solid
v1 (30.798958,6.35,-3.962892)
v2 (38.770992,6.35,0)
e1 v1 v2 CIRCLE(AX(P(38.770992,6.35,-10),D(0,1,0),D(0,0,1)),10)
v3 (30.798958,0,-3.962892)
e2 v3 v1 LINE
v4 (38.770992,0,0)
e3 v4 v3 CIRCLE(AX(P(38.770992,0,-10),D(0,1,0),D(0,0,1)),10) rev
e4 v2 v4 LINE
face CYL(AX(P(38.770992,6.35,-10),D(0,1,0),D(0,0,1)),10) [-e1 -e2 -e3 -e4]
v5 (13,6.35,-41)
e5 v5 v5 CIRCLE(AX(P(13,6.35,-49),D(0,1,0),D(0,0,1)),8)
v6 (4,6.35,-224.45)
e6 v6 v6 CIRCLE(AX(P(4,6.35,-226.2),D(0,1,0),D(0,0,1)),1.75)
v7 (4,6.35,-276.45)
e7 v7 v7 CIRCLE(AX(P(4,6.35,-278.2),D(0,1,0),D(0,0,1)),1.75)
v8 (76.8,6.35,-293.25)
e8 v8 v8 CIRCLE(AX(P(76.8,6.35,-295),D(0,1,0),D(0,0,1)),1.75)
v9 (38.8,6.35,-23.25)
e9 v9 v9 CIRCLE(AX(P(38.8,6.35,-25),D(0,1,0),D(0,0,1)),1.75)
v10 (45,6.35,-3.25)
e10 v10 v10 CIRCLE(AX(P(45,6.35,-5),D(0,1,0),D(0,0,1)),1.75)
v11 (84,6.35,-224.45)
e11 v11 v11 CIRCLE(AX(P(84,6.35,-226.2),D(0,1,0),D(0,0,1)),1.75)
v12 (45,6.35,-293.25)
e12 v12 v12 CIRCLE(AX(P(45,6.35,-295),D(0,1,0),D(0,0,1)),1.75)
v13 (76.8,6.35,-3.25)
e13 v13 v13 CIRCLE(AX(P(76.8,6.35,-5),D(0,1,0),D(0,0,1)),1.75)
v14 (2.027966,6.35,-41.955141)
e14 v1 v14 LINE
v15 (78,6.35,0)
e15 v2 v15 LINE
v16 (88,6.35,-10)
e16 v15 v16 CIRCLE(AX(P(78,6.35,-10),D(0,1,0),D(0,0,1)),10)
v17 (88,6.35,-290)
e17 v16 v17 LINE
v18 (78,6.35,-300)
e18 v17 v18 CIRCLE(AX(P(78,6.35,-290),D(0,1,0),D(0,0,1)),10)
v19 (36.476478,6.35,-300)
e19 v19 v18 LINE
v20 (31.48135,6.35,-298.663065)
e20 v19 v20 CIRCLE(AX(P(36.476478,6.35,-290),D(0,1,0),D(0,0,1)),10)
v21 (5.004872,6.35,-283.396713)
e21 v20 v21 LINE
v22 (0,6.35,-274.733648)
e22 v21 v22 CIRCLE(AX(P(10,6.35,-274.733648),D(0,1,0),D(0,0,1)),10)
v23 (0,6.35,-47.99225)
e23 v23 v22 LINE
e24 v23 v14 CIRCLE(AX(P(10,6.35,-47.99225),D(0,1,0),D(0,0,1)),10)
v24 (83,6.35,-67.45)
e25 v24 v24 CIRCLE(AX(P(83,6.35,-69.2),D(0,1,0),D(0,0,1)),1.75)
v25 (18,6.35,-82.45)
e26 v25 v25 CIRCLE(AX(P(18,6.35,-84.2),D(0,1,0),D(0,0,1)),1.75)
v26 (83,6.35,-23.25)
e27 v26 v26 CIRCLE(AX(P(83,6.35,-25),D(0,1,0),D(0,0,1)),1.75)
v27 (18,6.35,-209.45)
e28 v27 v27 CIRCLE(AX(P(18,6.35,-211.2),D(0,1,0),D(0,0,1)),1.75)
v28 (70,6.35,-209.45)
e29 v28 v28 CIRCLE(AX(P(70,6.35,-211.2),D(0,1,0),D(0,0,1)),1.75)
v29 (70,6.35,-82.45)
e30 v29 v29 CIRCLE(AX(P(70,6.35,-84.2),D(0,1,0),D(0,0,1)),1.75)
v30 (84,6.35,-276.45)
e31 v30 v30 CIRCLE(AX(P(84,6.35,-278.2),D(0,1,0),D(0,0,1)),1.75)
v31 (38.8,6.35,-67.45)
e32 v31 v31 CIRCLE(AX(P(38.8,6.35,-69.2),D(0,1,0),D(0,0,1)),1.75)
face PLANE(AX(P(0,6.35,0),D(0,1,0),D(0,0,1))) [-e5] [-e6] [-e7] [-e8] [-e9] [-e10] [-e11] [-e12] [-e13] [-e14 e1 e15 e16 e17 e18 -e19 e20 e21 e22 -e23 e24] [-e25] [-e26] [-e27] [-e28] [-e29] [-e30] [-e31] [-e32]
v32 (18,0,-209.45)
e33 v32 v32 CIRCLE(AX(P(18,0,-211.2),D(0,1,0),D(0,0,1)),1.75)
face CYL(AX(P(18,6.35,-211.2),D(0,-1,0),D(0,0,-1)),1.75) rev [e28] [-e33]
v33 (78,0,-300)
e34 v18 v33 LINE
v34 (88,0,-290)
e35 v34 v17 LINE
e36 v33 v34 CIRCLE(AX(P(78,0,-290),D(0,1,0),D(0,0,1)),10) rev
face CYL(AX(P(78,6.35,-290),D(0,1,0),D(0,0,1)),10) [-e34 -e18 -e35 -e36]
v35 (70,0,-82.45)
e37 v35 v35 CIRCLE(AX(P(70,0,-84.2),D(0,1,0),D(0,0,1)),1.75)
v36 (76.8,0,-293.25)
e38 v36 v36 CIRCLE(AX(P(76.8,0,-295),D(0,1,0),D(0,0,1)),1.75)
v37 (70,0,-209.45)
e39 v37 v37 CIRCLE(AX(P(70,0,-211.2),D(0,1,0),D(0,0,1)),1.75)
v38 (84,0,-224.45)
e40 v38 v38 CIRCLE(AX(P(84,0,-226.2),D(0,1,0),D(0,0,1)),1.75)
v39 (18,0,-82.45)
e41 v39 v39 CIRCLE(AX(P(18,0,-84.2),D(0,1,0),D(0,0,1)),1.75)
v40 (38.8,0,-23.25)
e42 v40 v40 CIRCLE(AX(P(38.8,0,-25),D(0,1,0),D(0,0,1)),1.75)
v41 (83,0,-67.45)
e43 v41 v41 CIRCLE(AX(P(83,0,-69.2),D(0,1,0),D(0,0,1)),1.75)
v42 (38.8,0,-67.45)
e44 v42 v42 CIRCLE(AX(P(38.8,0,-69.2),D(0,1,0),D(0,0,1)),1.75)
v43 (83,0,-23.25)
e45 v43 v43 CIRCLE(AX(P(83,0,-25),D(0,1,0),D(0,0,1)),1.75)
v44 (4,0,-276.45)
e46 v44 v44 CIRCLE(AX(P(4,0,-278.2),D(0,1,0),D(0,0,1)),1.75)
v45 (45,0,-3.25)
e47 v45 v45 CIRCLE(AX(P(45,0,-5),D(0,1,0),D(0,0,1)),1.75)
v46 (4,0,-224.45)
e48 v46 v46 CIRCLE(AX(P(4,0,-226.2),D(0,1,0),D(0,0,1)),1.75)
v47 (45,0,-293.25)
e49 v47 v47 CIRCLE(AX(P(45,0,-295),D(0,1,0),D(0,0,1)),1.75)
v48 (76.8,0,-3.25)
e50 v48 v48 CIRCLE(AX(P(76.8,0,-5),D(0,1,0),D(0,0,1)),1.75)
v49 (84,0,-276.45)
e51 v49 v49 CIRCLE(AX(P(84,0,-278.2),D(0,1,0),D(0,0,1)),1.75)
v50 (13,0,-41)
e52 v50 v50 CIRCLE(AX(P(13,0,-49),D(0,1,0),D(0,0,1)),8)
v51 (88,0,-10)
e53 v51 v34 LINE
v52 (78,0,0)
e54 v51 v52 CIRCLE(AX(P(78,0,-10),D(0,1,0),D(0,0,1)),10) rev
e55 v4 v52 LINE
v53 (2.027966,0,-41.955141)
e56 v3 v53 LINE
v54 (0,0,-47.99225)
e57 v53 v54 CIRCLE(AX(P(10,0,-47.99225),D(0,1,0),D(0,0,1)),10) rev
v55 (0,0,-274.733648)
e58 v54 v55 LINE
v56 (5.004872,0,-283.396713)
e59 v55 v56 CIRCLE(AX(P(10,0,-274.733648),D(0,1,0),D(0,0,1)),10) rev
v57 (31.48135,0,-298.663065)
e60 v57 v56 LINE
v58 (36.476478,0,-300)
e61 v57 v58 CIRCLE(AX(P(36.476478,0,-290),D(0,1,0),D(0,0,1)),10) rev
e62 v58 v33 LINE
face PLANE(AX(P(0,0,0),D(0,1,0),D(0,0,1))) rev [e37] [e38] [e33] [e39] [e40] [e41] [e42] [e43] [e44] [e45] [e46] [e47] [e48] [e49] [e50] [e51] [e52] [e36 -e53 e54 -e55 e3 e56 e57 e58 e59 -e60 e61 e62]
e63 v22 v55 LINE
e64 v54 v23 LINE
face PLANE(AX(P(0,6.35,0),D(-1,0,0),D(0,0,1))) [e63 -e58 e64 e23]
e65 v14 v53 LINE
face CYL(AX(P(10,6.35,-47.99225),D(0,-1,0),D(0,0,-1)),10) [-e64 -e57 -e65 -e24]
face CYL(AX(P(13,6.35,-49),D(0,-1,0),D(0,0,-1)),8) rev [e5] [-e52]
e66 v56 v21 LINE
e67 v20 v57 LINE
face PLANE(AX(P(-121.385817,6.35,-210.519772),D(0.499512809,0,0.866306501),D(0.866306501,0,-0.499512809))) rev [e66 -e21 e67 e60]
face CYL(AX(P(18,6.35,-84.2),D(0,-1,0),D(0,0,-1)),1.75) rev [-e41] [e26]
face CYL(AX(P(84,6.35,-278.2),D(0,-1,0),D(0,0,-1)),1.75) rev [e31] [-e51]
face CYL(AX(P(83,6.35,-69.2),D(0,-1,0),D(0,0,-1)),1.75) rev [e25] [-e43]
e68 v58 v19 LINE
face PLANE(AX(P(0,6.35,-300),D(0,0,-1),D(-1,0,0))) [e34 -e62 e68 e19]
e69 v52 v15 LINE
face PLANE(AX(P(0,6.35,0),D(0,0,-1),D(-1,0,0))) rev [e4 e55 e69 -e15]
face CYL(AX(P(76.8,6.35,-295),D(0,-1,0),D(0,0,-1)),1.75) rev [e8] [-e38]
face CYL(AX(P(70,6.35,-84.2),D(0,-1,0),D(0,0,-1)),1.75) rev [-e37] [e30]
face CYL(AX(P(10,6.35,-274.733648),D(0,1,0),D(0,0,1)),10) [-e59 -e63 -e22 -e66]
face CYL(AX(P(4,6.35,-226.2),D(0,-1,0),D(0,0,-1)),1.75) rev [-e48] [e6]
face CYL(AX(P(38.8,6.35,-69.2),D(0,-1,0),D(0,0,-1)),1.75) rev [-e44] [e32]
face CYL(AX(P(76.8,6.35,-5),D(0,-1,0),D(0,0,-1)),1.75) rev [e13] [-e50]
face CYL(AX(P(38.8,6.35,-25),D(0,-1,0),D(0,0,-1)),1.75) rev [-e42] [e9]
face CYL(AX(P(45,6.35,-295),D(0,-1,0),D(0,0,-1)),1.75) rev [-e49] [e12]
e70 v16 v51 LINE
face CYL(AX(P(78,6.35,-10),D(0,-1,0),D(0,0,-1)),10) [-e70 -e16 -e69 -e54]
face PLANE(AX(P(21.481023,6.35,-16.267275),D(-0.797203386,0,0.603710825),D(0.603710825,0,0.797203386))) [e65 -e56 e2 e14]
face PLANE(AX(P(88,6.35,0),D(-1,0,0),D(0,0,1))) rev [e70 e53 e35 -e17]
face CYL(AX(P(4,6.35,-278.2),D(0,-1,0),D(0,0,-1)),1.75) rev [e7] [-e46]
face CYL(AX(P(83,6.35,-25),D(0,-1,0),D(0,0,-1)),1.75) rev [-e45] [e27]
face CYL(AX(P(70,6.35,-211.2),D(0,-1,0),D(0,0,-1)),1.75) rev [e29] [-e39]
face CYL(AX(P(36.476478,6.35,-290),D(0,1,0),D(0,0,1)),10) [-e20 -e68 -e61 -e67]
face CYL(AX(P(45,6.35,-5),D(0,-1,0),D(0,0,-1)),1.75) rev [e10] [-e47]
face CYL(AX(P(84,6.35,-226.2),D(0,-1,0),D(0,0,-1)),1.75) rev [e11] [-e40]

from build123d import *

# Parameters (mm, degrees)
SKETCH1_R           = 8
SKETCH1_R_2         = 1.75
BOSS_EXTRUDE1_DEPTH = 6.35
FILLET1_R           = 10


with BuildPart() as part:
    # Sketch1 → Boss-Extrude1 (new body)
    with BuildSketch(Plane(origin=(0, 0, 0), x_dir=(1, 0, 0), z_dir=(0, 1, 0))):
        Polygon((0, 44.633081493), (33.8, 0), (88, 0), (88, 300), (33.8, 300), (0, 280.510901235), align=None)
        with Locations(Location((13, 49, 0), (0, 0, 270))):
            Circle(SKETCH1_R, mode=Mode.SUBTRACT)
        with Locations(Location((38.8, 25, 0), (0, 0, 270))):
            Circle(SKETCH1_R_2, mode=Mode.SUBTRACT)
        with Locations(Location((38.8, 69.2, 0), (0, 0, 270))):
            Circle(SKETCH1_R_2, mode=Mode.SUBTRACT)
        with Locations(Location((18, 84.2, 0), (0, 0, 270))):
            Circle(SKETCH1_R_2, mode=Mode.SUBTRACT)
        with Locations(Location((45, 5, 0), (0, 0, 270))):
            Circle(SKETCH1_R_2, mode=Mode.SUBTRACT)
        with Locations(Location((76.8, 5, 0), (0, 0, 270))):
            Circle(SKETCH1_R_2, mode=Mode.SUBTRACT)
        with Locations(Location((83, 25, 0), (0, 0, 270))):
            Circle(SKETCH1_R_2, mode=Mode.SUBTRACT)
        with Locations(Location((83, 69.2, 0), (0, 0, 270))):
            Circle(SKETCH1_R_2, mode=Mode.SUBTRACT)
        with Locations(Location((70, 84.2, 0), (0, 0, 270))):
            Circle(SKETCH1_R_2, mode=Mode.SUBTRACT)
        with Locations(Location((18, 211.2, 0), (0, 0, 270))):
            Circle(SKETCH1_R_2, mode=Mode.SUBTRACT)
        with Locations(Location((4, 226.2, 0), (0, 0, 270))):
            Circle(SKETCH1_R_2, mode=Mode.SUBTRACT)
        with Locations(Location((4, 278.2, 0), (0, 0, 270))):
            Circle(SKETCH1_R_2, mode=Mode.SUBTRACT)
        with Locations(Location((70, 211.2, 0), (0, 0, 270))):
            Circle(SKETCH1_R_2, mode=Mode.SUBTRACT)
        with Locations(Location((45, 295, 0), (0, 0, 270))):
            Circle(SKETCH1_R_2, mode=Mode.SUBTRACT)
        with Locations(Location((84, 226.2, 0), (0, 0, 270))):
            Circle(SKETCH1_R_2, mode=Mode.SUBTRACT)
        with Locations(Location((76.8, 295, 0), (0, 0, 270))):
            Circle(SKETCH1_R_2, mode=Mode.SUBTRACT)
        with Locations(Location((84, 278.2, 0), (0, 0, 270))):
            Circle(SKETCH1_R_2, mode=Mode.SUBTRACT)
    extrude(amount=BOSS_EXTRUDE1_DEPTH)

    # Fillet1
    fillet1_edges = [part.edges().sort_by_distance(p)[0] for p in [
        (88, 3.175, -300),
        (88, 3.175, 0),
        (33.8, 3.175, 0),
        (0, 3.175, -44.633081493),
        (0, 3.175, -280.510901235),
        (33.8, 3.175, -300),
    ]]
    fillet(fillet1_edges, radius=FILLET1_R)


solid = part.part
